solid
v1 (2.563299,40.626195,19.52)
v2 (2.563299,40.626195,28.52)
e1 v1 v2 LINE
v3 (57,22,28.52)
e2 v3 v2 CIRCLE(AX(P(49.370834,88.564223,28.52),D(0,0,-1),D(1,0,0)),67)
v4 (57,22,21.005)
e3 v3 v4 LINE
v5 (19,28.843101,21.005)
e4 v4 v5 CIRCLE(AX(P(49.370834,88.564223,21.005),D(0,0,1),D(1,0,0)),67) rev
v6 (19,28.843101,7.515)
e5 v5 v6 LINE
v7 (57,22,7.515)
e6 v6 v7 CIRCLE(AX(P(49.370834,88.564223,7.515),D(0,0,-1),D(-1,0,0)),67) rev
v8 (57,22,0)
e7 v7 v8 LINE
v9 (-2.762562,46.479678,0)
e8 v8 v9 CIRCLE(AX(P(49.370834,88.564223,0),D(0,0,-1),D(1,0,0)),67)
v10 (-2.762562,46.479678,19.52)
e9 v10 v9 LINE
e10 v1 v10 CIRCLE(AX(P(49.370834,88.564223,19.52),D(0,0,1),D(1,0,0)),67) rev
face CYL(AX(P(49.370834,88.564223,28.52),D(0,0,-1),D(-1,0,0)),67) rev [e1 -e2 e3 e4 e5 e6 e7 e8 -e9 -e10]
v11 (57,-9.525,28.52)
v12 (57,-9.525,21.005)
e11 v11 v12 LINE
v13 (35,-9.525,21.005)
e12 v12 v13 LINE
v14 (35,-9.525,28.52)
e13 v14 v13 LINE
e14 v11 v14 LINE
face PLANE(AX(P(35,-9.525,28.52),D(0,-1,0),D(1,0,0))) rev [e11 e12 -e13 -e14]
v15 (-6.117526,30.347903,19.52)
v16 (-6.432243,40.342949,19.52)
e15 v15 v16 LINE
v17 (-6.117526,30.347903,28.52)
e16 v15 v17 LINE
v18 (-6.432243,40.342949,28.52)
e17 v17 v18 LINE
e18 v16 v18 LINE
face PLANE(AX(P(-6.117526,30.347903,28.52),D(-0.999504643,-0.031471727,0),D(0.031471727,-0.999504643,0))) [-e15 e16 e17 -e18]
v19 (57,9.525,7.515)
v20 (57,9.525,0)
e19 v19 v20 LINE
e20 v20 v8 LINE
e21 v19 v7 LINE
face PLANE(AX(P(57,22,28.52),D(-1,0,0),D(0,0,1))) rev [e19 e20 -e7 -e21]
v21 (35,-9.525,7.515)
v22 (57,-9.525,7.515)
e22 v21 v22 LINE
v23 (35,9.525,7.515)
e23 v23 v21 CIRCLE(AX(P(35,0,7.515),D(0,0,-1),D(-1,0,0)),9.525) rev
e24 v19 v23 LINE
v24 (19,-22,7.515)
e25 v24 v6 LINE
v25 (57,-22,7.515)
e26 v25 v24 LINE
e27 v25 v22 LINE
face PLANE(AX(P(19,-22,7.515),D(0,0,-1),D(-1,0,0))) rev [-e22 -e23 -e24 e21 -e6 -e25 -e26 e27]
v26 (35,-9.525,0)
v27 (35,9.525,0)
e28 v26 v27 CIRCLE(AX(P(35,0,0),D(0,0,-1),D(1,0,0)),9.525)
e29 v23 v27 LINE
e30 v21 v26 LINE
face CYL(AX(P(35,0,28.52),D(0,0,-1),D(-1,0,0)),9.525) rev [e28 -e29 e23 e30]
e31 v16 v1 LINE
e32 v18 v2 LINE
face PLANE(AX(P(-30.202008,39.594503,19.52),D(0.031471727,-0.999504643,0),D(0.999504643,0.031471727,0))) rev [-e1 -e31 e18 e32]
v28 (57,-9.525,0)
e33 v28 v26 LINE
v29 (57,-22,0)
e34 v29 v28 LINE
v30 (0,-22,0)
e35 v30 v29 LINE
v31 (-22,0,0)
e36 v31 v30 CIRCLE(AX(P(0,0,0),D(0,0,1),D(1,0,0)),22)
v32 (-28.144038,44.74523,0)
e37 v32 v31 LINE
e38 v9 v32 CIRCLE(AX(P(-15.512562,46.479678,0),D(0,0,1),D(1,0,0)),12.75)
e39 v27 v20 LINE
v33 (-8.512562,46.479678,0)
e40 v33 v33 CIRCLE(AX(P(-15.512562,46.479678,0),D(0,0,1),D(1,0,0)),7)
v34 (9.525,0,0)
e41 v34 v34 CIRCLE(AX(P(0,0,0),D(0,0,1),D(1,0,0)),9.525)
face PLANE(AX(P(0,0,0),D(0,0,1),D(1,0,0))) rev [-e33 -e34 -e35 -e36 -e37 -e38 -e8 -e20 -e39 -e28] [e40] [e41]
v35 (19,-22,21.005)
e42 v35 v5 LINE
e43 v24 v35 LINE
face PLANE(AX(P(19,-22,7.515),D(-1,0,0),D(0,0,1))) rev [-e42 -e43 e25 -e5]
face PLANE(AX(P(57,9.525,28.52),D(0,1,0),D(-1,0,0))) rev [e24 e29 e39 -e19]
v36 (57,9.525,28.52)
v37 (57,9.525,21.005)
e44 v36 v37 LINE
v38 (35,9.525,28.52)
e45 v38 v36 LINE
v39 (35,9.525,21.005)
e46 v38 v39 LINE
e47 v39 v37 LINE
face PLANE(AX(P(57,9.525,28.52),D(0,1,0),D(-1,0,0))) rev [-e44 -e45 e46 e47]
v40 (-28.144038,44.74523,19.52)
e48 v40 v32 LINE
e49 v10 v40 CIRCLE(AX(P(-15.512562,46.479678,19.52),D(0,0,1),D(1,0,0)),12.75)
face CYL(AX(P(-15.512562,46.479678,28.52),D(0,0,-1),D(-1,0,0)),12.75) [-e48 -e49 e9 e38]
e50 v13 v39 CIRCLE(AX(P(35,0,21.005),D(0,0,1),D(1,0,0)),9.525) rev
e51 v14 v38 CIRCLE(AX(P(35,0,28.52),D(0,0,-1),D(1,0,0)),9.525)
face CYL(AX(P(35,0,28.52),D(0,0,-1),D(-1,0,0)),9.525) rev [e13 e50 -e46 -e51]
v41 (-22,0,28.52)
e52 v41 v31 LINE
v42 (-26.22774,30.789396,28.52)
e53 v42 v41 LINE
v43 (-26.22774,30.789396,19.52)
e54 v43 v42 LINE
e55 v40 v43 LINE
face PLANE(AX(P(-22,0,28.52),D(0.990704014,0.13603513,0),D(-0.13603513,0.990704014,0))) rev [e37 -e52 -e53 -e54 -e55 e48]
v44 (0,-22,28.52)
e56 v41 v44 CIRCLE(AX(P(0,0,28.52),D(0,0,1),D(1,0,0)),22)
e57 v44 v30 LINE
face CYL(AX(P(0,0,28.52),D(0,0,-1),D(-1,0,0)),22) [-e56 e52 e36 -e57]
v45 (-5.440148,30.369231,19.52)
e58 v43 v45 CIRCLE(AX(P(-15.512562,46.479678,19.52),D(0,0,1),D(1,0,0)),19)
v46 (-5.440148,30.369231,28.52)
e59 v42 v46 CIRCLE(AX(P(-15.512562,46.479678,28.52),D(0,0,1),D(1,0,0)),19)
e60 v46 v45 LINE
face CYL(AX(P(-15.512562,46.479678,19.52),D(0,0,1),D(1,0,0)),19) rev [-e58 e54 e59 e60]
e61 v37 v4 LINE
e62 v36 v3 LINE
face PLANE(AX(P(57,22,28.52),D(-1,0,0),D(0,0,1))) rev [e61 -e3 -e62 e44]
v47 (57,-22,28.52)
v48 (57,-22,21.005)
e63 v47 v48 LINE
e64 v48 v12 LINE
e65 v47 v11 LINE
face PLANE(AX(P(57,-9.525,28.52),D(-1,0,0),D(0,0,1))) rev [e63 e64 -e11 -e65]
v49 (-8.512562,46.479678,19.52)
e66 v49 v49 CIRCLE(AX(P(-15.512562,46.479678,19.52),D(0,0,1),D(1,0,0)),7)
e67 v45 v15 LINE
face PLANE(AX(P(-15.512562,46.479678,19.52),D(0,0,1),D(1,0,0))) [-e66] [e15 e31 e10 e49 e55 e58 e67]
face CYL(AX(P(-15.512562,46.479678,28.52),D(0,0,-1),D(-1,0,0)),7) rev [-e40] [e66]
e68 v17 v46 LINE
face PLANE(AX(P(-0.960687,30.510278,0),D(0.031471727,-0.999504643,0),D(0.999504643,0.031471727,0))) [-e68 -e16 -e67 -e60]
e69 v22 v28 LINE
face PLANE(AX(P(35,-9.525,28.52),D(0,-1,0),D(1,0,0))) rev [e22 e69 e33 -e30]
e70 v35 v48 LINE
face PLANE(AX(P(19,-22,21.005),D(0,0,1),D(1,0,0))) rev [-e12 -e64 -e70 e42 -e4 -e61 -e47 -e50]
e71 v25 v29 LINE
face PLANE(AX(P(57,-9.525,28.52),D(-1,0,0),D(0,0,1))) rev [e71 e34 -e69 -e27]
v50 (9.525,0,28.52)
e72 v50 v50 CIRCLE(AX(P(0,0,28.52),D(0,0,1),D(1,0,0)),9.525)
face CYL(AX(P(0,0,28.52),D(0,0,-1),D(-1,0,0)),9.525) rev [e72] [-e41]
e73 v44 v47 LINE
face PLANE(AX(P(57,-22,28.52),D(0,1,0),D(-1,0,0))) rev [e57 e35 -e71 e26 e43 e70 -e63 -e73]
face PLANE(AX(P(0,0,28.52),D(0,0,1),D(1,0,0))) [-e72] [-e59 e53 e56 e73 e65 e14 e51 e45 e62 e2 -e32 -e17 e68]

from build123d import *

# Parameters (mm, degrees)
SKETCH1_R           = 9.525
SKETCH1_R_2         = 7
BOSS_EXTRUDE1_DEPTH = 28.52
CUT_EXTRUDE10_START = -9
CUT_EXTRUDE10_DEPTH = 9
SKETCH5_W           = 38
SKETCH5_H           = 13.49
CUT_EXTRUDE11_DEPTH = 89.917885715
EXTRUDE_THIN4_DEPTH = 9
SKETCH9_W           = 9
SKETCH9_H           = 9
BOSS_EXTRUDE3_DEPTH = 20
SKETCH10_W          = 9
SKETCH10_H          = 10
CUT_EXTRUDE12_DEPTH = 85.459250319


with BuildPart() as part:
    # Sketch1 → Boss-Extrude1 (new body)
    with BuildSketch(Plane.XY):
        with BuildLine():
            Line((-22, 0), (-28.14403802, 44.745229643))
            ThreePointArc((-28.14403802, 44.745229643), (-16.381808273, 59.200012083), (-2.762561842, 46.47967755))
            ThreePointArc((-2.762561842, 46.47967755), (23.974569133, 26.563983764), (57, 22))
            Line((57, 22), (57, 9.525))
            Line((57, 9.525), (35, 9.525))
            ThreePointArc((35, 9.525), (25.475, 0), (35, -9.525))
            Line((35, -9.525), (57, -9.525))
            Line((57, -9.525), (57, -22))
            Line((57, -22), (0, -22))
            ThreePointArc((0, -22), (-15.556349186, -15.556349186), (-22, 0))
        make_face()
        Circle(SKETCH1_R, mode=Mode.SUBTRACT)
        with Locations((-15.512561842, 46.47967755)):
            Circle(SKETCH1_R_2, mode=Mode.SUBTRACT)
    extrude(amount=BOSS_EXTRUDE1_DEPTH)

    # Sketch2 → Cut-Extrude10 (cut)
    with BuildSketch(Plane.XY.offset(28.52).offset(CUT_EXTRUDE10_START)):
        with BuildLine():
            Line((-28.14403802, 44.745229643), (-26.227740449, 30.789395608))
            ThreePointArc((-26.227740449, 30.789395608), (-9.369633943, 28.50012147), (2.563298764, 40.626194538))
            Line((2.563298764, 40.626194538), (-2.762561842, 46.47967755))
            ThreePointArc((-2.762561842, 46.47967755), (-16.381808273, 59.200012083), (-28.14403802, 44.745229643))
        make_face()
    extrude(amount=CUT_EXTRUDE10_DEPTH, mode=Mode.SUBTRACT)

    # Sketch5 → Cut-Extrude11 (cut, through all)
    with BuildSketch(Plane(origin=(0, 40, 0), x_dir=(1, 0, 0), z_dir=(0, 1, 0))):
        with Locations((38, -14.26)):
            Rectangle(SKETCH5_W, SKETCH5_H)
    extrude(amount=-CUT_EXTRUDE11_DEPTH, mode=Mode.SUBTRACT)



with BuildPart() as body_2:
    # Sketch8 → Extrude-Thin4 (new body)
    with BuildSketch(Plane.XY.offset(28.52)):
        Polygon((2.563298764, 40.626194538), (-6.432243018, 40.342948992), (-6.746960292, 50.337995417), (2.248581491, 50.621240963), align=None)
    extrude(amount=-EXTRUDE_THIN4_DEPTH)


with BuildPart() as part_1:
    add(part.part)

    add(body_2.part)  # Boss-Extrude3 merges body 2
    # Sketch9 → Boss-Extrude3 (add)
    with BuildSketch(Plane(origin=(-1.590121568, 50.500370473, 0), x_dir=(0.9995046425001054, 0.0314717273236879, 0), z_dir=(-0.0314717273236879, 0.9995046425001055, 0))):
        with Locations((-0.659394469, -24.02)):
            Rectangle(SKETCH9_W, SKETCH9_H)
    extrude(amount=-BOSS_EXTRUDE3_DEPTH)

    # Sketch10 → Cut-Extrude12 (cut, through all)
    with BuildSketch(Plane(origin=(3.838703059, 0.12087049, 0), x_dir=(0, 0, -1), z_dir=(0.9995046425001055, 0.03147172732368791, 0))):
        with Locations((-24.02, 45.525398608)):
            Rectangle(SKETCH10_W, SKETCH10_H)
    extrude(amount=-CUT_EXTRUDE12_DEPTH, mode=Mode.SUBTRACT)


solid = part_1.part
